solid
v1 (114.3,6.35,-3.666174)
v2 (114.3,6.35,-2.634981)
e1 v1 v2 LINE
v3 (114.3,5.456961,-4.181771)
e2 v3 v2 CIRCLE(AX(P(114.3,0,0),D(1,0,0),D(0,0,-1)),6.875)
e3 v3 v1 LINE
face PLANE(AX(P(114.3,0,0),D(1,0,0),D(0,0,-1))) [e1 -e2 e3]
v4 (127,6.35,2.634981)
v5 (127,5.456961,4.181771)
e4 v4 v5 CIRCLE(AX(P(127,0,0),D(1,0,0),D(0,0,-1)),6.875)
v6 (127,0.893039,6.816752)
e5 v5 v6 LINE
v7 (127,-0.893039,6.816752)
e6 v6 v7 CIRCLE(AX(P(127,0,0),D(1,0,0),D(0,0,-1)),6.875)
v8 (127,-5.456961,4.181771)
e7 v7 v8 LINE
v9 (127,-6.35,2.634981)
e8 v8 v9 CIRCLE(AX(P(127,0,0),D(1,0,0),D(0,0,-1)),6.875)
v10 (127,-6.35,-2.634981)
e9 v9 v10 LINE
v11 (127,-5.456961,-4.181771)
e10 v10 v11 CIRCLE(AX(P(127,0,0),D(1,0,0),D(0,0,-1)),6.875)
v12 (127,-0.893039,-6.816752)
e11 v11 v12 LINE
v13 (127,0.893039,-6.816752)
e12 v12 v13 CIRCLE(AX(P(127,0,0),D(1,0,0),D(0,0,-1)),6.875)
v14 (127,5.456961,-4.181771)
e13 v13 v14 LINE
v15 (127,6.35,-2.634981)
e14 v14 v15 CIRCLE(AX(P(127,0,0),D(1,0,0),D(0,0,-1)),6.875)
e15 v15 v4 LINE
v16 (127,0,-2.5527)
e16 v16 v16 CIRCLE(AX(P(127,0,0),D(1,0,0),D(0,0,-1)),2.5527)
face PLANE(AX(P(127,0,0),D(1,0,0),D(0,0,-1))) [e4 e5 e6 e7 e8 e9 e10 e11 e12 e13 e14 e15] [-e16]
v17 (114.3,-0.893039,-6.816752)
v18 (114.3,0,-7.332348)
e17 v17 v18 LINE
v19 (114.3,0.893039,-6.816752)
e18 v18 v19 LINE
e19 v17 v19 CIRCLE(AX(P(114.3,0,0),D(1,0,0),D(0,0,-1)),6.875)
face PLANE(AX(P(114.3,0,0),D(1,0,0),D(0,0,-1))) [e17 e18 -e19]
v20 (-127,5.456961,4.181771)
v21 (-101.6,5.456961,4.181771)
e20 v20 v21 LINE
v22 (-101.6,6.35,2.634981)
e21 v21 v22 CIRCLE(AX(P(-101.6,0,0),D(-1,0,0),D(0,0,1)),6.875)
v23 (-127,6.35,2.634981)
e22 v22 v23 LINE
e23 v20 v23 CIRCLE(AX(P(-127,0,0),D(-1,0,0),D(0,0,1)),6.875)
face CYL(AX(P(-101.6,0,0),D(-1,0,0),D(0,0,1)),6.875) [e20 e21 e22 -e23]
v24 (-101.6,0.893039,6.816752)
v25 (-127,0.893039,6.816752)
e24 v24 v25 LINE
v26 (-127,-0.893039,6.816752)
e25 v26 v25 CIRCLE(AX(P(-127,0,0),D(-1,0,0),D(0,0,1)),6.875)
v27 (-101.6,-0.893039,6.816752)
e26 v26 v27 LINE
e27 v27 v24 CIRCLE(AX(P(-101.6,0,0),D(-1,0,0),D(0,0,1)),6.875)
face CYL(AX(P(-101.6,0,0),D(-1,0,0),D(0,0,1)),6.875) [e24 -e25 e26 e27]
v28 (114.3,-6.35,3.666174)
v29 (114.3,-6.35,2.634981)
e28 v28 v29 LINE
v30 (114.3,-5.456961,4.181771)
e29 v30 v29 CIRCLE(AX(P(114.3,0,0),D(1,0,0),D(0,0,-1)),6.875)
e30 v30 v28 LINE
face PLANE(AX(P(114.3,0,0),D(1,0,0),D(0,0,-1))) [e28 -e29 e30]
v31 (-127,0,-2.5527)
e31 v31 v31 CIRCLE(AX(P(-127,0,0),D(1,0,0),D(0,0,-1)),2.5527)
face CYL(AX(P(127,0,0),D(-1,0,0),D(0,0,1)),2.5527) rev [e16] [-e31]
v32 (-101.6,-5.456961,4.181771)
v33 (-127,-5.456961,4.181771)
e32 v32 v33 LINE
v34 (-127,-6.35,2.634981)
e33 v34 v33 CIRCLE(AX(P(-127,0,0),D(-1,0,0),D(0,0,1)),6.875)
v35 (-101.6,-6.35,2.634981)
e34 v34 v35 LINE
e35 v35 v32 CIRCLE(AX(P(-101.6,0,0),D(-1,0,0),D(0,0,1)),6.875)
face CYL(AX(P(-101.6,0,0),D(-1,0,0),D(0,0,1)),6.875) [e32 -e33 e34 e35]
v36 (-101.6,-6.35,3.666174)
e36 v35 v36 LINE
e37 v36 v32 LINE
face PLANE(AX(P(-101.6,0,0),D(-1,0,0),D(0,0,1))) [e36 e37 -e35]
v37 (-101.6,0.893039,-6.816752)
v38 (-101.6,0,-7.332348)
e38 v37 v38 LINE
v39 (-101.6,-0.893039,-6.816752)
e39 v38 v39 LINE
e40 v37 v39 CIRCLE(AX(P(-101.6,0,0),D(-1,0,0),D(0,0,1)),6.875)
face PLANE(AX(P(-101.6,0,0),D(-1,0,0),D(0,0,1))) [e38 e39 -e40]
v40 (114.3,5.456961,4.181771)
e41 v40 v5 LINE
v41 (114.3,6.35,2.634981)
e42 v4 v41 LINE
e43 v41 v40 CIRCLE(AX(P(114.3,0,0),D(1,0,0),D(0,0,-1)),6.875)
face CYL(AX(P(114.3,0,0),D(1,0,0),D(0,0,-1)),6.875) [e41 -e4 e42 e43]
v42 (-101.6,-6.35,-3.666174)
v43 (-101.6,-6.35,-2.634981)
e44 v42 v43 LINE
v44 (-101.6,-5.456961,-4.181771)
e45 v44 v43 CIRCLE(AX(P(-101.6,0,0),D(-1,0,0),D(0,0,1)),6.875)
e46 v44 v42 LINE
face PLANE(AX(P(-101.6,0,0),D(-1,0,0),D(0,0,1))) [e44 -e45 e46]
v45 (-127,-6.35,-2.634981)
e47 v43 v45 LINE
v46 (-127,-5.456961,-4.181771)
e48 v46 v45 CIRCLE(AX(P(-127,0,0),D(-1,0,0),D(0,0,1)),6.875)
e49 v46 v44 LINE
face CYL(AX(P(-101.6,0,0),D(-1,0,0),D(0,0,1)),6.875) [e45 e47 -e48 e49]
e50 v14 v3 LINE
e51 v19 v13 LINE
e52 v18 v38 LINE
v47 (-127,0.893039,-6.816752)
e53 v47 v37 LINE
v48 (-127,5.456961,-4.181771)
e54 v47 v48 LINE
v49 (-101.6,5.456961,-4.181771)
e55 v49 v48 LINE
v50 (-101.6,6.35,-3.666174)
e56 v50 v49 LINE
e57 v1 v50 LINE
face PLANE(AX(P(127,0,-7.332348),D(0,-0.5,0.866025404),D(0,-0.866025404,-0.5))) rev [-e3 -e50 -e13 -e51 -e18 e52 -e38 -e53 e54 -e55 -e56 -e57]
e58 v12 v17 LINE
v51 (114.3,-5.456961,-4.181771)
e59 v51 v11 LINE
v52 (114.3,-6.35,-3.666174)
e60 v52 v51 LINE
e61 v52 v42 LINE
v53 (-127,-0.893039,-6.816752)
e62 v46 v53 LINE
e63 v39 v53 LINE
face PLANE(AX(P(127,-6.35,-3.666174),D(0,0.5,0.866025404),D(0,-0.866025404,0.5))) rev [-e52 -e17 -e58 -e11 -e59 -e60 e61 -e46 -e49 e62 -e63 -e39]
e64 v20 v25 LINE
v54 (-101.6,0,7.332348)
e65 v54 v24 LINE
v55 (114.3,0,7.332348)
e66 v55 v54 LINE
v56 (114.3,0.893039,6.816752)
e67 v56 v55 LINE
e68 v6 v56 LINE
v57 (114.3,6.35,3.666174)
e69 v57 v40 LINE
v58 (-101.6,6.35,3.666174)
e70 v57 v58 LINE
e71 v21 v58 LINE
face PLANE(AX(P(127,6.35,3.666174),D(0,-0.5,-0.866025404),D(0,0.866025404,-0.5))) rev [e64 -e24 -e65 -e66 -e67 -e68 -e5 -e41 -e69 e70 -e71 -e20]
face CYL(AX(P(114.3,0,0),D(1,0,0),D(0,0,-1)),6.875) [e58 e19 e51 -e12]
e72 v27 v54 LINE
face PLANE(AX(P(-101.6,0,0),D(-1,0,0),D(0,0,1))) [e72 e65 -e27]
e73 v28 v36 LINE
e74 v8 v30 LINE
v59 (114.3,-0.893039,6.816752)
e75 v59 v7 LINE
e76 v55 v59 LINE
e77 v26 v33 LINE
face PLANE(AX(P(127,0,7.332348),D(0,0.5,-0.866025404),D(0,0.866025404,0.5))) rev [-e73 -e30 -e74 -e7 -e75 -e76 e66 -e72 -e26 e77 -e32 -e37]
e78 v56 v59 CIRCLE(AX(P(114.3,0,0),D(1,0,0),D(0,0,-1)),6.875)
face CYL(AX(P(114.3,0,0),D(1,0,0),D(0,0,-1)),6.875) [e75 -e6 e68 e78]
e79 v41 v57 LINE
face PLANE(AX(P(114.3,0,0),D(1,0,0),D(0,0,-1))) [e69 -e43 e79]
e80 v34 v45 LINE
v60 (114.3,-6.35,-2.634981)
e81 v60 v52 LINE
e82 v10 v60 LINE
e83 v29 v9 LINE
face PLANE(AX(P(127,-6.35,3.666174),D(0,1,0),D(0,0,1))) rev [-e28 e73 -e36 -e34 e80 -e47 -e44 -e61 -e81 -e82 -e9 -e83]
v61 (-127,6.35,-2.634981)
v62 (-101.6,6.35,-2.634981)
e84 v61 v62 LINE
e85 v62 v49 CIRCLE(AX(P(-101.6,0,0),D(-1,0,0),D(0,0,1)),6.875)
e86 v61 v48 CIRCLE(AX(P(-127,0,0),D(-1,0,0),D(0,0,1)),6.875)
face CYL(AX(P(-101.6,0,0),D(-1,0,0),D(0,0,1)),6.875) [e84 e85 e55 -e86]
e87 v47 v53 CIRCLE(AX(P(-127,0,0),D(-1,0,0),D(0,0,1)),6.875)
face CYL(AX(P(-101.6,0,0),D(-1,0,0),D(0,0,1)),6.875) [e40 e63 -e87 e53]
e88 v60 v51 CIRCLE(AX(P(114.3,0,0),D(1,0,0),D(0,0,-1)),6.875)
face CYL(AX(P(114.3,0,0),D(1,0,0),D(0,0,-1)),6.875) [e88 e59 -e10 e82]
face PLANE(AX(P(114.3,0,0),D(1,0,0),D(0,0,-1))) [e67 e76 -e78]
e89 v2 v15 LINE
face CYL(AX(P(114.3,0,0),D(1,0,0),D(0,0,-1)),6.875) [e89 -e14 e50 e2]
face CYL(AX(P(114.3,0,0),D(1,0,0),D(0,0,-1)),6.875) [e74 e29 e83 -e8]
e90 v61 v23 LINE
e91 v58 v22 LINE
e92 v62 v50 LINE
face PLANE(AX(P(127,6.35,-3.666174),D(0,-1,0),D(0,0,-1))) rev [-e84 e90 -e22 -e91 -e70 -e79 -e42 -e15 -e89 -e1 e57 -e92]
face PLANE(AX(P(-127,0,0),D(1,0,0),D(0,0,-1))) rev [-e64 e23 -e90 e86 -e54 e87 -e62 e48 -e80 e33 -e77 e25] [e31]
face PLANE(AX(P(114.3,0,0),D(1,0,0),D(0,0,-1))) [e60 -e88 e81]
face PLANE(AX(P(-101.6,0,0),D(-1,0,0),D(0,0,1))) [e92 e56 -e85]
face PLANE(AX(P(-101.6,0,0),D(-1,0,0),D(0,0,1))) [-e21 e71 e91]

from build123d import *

# Parameters (mm, degrees)
SKETCH1_R           = 2.5527
BOSS_EXTRUDE1_DEPTH = 127
SKETCH2_OUTSIDE_W   = 67.612
SKETCH2_OUTSIDE_H   = 65.648
SKETCH2_OUTSIDE_R   = 6.875
CUT_EXTRUDE1_DEPTH  = 25.4
SKETCH3_OUTSIDE_W   = 67.612
SKETCH3_OUTSIDE_H   = 65.648
SKETCH3_OUTSIDE_R   = 6.875
CUT_EXTRUDE2_DEPTH  = 12.7


with BuildPart() as part:
    # Sketch1 → Boss-Extrude1 (new, symmetric)
    with BuildSketch(Plane(origin=(0, 0, 0), x_dir=(0, 0, -1), z_dir=(1, 0, 0))):
        Polygon((3.666174209, -6.35), (7.332348419, 0), (3.666174209, 6.35), (-3.666174209, 6.35), (-7.332348419, 0), (-3.666174209, -6.35), align=None)
        Circle(SKETCH1_R, mode=Mode.SUBTRACT)
    extrude(amount=BOSS_EXTRUDE1_DEPTH, both=True)

    # Sketch2 outside → Cut-Extrude1 (cut)
    with BuildSketch(Plane.ZY.offset(127)):
        Rectangle(SKETCH2_OUTSIDE_W, SKETCH2_OUTSIDE_H)
        Circle(SKETCH2_OUTSIDE_R, mode=Mode.SUBTRACT)
    extrude(amount=-CUT_EXTRUDE1_DEPTH, mode=Mode.SUBTRACT)

    # Sketch3 outside → Cut-Extrude2 (cut)
    with BuildSketch(Plane(origin=(127, 0, 0), x_dir=(0, 0, -1), z_dir=(1, 0, 0))):
        Rectangle(SKETCH3_OUTSIDE_W, SKETCH3_OUTSIDE_H)
        Circle(SKETCH3_OUTSIDE_R, mode=Mode.SUBTRACT)
    extrude(amount=-CUT_EXTRUDE2_DEPTH, mode=Mode.SUBTRACT)


solid = part.part
